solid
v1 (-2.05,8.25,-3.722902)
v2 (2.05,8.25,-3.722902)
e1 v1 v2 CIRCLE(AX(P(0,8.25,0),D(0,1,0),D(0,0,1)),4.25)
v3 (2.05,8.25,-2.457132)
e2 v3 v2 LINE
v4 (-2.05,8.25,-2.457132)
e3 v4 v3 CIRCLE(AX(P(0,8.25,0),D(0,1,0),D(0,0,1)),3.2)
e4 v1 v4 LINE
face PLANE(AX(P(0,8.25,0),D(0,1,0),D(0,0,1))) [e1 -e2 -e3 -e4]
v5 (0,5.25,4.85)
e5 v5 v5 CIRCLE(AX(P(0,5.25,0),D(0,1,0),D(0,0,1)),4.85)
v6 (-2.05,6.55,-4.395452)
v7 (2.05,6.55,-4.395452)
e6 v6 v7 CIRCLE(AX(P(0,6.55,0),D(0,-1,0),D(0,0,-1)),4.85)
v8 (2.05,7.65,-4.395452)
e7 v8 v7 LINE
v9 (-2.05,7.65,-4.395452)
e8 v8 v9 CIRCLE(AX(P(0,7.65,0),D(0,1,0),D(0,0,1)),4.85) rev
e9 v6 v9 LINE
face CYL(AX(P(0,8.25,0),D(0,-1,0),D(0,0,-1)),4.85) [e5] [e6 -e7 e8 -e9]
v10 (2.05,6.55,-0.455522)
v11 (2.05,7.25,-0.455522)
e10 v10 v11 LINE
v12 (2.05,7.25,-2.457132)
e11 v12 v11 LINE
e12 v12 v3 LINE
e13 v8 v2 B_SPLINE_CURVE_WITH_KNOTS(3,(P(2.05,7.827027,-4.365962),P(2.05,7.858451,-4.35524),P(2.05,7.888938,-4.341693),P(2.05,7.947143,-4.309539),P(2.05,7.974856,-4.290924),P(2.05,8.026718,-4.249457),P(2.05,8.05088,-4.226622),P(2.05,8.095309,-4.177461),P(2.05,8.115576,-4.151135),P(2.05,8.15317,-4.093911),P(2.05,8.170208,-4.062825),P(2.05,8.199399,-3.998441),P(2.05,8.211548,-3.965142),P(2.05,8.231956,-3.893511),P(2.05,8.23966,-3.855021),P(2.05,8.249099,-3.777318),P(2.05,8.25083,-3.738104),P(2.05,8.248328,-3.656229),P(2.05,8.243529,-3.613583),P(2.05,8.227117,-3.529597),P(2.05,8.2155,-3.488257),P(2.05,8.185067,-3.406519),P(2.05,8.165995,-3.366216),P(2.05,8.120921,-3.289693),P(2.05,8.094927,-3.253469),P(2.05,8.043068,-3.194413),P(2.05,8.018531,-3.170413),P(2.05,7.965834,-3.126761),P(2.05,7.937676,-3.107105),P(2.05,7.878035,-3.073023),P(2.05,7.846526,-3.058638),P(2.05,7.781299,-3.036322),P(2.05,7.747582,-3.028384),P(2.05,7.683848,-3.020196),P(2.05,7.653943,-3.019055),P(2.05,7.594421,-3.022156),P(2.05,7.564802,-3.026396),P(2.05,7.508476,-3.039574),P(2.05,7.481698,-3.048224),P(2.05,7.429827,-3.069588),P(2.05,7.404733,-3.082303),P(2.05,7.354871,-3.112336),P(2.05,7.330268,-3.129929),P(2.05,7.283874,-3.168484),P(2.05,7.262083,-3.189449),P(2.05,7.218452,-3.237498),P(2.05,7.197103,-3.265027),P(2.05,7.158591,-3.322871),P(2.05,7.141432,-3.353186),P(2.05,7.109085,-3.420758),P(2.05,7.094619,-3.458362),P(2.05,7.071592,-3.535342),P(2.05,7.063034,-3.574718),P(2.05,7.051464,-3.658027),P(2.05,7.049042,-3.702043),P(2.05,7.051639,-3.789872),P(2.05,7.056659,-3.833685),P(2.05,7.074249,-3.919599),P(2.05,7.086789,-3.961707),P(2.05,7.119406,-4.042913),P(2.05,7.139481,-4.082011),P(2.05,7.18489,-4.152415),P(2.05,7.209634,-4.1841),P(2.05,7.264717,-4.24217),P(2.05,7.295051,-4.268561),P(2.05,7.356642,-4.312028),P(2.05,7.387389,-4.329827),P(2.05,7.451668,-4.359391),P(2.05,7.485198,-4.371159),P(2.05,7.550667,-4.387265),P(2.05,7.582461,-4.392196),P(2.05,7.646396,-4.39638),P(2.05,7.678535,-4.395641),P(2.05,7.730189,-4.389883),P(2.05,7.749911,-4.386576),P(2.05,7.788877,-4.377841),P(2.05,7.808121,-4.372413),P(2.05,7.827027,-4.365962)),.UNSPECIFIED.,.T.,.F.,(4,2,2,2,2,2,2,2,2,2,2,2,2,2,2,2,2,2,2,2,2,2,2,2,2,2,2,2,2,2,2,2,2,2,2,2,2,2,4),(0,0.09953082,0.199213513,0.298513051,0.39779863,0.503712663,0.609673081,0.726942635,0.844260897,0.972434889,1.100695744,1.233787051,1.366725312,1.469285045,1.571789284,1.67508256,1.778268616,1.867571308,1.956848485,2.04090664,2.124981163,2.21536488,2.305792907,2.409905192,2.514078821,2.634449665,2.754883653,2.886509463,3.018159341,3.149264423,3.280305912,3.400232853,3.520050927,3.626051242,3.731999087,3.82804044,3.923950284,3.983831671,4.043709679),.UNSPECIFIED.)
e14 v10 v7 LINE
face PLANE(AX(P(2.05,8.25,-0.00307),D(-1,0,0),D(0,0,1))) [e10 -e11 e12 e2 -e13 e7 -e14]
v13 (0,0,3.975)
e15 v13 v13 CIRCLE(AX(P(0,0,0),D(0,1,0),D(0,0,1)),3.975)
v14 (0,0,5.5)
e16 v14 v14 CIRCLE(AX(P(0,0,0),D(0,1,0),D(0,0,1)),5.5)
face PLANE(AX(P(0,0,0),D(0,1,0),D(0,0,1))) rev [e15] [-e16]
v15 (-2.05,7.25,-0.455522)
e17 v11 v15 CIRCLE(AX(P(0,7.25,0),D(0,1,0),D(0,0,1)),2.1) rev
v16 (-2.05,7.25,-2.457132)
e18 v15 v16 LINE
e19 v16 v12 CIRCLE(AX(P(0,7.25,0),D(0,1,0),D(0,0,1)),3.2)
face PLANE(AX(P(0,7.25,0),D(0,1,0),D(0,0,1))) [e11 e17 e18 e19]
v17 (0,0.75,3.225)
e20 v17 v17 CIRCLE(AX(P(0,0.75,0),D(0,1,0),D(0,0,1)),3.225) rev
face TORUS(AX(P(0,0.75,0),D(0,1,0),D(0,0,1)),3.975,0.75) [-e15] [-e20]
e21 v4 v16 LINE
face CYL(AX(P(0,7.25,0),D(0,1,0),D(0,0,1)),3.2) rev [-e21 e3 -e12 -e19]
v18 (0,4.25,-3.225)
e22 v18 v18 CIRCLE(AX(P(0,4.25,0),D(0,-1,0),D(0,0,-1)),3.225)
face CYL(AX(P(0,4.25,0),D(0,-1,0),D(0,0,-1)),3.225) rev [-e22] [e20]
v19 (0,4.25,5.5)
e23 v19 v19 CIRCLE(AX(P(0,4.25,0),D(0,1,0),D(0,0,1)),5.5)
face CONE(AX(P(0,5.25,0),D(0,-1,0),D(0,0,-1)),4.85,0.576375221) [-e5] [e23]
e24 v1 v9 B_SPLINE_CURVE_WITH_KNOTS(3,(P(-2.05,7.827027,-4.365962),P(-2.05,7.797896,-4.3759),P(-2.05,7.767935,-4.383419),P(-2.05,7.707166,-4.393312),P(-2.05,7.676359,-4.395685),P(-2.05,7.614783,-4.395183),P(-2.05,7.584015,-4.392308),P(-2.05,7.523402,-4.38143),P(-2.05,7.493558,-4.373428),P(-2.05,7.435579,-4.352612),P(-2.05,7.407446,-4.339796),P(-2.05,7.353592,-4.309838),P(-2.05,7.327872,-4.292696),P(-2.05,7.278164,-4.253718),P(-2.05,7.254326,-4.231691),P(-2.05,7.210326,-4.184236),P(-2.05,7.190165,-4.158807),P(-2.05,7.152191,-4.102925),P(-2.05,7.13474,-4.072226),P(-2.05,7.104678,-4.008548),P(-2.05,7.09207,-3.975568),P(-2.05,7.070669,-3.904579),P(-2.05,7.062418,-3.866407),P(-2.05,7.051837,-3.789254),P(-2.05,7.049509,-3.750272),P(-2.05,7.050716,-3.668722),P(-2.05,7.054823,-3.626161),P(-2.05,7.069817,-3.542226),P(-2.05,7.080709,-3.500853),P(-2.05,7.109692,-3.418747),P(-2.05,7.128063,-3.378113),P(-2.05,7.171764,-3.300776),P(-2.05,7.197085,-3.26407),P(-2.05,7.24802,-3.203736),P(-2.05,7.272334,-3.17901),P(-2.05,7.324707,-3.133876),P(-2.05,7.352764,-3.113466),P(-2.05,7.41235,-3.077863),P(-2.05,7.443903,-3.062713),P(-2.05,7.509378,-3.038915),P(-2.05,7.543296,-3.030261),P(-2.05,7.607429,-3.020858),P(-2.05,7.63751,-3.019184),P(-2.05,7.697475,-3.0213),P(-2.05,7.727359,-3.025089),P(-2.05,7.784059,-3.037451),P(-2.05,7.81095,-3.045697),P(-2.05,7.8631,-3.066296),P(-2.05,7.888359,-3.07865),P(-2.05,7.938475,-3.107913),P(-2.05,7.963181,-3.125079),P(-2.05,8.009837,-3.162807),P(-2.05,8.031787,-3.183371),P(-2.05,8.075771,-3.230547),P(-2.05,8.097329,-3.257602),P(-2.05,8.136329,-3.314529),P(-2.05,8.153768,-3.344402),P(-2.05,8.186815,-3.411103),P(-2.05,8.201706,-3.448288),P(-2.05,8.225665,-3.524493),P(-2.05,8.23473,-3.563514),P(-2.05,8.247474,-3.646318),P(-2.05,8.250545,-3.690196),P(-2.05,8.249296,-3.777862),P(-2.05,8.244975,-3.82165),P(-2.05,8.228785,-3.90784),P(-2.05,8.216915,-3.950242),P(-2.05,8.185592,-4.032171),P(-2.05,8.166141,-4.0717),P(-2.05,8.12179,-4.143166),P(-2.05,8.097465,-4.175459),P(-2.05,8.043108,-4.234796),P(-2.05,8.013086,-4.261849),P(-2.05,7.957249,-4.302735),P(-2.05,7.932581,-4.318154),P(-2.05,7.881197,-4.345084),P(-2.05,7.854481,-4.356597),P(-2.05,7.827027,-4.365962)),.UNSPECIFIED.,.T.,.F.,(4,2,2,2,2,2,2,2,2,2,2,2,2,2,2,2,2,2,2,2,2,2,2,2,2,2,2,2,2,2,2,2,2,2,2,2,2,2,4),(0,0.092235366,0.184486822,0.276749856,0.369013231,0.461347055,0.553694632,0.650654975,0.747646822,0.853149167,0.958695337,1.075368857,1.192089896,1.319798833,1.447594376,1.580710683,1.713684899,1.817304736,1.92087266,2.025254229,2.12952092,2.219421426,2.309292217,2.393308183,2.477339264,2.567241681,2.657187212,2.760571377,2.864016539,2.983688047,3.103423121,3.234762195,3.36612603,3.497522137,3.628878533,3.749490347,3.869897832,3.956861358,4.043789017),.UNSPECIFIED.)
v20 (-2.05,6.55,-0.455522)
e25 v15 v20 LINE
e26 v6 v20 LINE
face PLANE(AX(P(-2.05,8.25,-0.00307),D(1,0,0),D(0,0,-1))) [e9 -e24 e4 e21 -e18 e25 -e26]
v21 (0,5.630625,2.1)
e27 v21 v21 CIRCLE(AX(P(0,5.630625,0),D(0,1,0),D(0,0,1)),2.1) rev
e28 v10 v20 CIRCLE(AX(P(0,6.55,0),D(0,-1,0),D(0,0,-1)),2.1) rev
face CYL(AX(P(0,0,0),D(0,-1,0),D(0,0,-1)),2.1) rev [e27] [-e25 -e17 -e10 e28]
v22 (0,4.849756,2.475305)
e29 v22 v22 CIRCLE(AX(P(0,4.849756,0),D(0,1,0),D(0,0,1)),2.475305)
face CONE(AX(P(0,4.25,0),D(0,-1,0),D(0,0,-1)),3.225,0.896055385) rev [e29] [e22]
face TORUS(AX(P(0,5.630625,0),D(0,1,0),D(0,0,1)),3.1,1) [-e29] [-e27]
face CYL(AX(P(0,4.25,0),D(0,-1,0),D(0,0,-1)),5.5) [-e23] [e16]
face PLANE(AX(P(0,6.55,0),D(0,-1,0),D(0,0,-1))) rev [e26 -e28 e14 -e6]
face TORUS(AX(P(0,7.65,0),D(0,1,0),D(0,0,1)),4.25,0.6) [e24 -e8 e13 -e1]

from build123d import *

# Parameters (mm, degrees)
CROQUIS1_R              = 5.5
CROQUIS1_R_2            = 3.225
SALIENTE_EXTRUIR1_DEPTH = 4.25
CROQUIS3_R              = 4.85
CROQUIS3_R_2            = 2.1
SALIENTE_EXTRUIR2_DEPTH = 3
REDONDEO1_R             = 0.6
CROQUIS4_R              = 3.2
CORTAR_EXTRUIR1_DEPTH   = 1
CORTAR_EXTRUIR2_START   = -0.7
CROQUIS5_W              = 4.1
CROQUIS5_H              = 5
CORTAR_EXTRUIR2_DEPTH   = 12.333085159
REDONDEO2_R             = 1
REDONDEO3_R             = 0.75


with BuildPart() as part:
    # Croquis1 → Saliente-Extruir1 (new body)
    with BuildSketch(Plane(origin=(0, 0, 0), x_dir=(1, 0, 0), z_dir=(0, 1, 0))):
        with Locations(Location((0, 0, 0), (0, 0, 270))):
            Circle(CROQUIS1_R)
        with Locations(Location((0, 0, 0), (0, 0, 270))):
            Circle(CROQUIS1_R_2, mode=Mode.SUBTRACT)
    extrude(amount=SALIENTE_EXTRUIR1_DEPTH)

    # Croquis2 → Revolución1 (revolve)
    with BuildSketch(Plane.XY, mode=Mode.PRIVATE) as revoluci_n1_sk:
        Polygon((-5.5, 4.25), (-4.85, 5.25), (-2.1, 5.25), (-2.1, 5.15), (-3.225, 4.25), align=None)
    revolve(revoluci_n1_sk.sketch.rotate(Axis((0, 0, 0), (0, 1, 0)), 270), axis=Axis((0, 0, 0), (0, 1, 0)))

    # Croquis3 → Saliente-Extruir2 (add)
    with BuildSketch(Plane(origin=(0, 5.25, 0), x_dir=(1, 0, 0), z_dir=(0, 1, 0))):
        with Locations(Location((0, 0, 0), (0, 0, 270))):
            Circle(CROQUIS3_R)
        with Locations(Location((0, 0, 0), (0, 0, 90))):
            Circle(CROQUIS3_R_2, mode=Mode.SUBTRACT)
    extrude(amount=SALIENTE_EXTRUIR2_DEPTH)

    # Redondeo1
    redondeo1_edges = [part.edges().sort_by_distance(p)[0] for p in [
        (0, 8.25, -4.85),
    ]]
    fillet(redondeo1_edges, radius=REDONDEO1_R)

    # Croquis4 → Cortar-Extruir1 (cut)
    with BuildSketch(Plane(origin=(0, 8.25, 0), x_dir=(1, 0, 0), z_dir=(0, 1, 0))):
        with Locations(Location((0, 0, 0), (0, 0, 270))):
            Circle(CROQUIS4_R)
    extrude(amount=-CORTAR_EXTRUIR1_DEPTH, mode=Mode.SUBTRACT)

    # Croquis5 → Cortar-Extruir2 (cut, through all)
    with BuildSketch(Plane(origin=(0, 7.25, 0), x_dir=(1, 0, 0), z_dir=(0, 1, 0)).offset(CORTAR_EXTRUIR2_START)):
        with Locations((0, 2.503070431)):
            Rectangle(CROQUIS5_W, CROQUIS5_H)
    extrude(amount=CORTAR_EXTRUIR2_DEPTH, mode=Mode.SUBTRACT)

    # Redondeo2
    redondeo2_edges = [part.edges().sort_by_distance(p)[0] for p in [
        (0, 5.15, 2.1),
    ]]
    fillet(redondeo2_edges, radius=REDONDEO2_R)

    # Redondeo3
    redondeo3_edges = [part.edges().sort_by_distance(p)[0] for p in [
        (0, 0, -3.225),
    ]]
    fillet(redondeo3_edges, radius=REDONDEO3_R)


solid = part.part
